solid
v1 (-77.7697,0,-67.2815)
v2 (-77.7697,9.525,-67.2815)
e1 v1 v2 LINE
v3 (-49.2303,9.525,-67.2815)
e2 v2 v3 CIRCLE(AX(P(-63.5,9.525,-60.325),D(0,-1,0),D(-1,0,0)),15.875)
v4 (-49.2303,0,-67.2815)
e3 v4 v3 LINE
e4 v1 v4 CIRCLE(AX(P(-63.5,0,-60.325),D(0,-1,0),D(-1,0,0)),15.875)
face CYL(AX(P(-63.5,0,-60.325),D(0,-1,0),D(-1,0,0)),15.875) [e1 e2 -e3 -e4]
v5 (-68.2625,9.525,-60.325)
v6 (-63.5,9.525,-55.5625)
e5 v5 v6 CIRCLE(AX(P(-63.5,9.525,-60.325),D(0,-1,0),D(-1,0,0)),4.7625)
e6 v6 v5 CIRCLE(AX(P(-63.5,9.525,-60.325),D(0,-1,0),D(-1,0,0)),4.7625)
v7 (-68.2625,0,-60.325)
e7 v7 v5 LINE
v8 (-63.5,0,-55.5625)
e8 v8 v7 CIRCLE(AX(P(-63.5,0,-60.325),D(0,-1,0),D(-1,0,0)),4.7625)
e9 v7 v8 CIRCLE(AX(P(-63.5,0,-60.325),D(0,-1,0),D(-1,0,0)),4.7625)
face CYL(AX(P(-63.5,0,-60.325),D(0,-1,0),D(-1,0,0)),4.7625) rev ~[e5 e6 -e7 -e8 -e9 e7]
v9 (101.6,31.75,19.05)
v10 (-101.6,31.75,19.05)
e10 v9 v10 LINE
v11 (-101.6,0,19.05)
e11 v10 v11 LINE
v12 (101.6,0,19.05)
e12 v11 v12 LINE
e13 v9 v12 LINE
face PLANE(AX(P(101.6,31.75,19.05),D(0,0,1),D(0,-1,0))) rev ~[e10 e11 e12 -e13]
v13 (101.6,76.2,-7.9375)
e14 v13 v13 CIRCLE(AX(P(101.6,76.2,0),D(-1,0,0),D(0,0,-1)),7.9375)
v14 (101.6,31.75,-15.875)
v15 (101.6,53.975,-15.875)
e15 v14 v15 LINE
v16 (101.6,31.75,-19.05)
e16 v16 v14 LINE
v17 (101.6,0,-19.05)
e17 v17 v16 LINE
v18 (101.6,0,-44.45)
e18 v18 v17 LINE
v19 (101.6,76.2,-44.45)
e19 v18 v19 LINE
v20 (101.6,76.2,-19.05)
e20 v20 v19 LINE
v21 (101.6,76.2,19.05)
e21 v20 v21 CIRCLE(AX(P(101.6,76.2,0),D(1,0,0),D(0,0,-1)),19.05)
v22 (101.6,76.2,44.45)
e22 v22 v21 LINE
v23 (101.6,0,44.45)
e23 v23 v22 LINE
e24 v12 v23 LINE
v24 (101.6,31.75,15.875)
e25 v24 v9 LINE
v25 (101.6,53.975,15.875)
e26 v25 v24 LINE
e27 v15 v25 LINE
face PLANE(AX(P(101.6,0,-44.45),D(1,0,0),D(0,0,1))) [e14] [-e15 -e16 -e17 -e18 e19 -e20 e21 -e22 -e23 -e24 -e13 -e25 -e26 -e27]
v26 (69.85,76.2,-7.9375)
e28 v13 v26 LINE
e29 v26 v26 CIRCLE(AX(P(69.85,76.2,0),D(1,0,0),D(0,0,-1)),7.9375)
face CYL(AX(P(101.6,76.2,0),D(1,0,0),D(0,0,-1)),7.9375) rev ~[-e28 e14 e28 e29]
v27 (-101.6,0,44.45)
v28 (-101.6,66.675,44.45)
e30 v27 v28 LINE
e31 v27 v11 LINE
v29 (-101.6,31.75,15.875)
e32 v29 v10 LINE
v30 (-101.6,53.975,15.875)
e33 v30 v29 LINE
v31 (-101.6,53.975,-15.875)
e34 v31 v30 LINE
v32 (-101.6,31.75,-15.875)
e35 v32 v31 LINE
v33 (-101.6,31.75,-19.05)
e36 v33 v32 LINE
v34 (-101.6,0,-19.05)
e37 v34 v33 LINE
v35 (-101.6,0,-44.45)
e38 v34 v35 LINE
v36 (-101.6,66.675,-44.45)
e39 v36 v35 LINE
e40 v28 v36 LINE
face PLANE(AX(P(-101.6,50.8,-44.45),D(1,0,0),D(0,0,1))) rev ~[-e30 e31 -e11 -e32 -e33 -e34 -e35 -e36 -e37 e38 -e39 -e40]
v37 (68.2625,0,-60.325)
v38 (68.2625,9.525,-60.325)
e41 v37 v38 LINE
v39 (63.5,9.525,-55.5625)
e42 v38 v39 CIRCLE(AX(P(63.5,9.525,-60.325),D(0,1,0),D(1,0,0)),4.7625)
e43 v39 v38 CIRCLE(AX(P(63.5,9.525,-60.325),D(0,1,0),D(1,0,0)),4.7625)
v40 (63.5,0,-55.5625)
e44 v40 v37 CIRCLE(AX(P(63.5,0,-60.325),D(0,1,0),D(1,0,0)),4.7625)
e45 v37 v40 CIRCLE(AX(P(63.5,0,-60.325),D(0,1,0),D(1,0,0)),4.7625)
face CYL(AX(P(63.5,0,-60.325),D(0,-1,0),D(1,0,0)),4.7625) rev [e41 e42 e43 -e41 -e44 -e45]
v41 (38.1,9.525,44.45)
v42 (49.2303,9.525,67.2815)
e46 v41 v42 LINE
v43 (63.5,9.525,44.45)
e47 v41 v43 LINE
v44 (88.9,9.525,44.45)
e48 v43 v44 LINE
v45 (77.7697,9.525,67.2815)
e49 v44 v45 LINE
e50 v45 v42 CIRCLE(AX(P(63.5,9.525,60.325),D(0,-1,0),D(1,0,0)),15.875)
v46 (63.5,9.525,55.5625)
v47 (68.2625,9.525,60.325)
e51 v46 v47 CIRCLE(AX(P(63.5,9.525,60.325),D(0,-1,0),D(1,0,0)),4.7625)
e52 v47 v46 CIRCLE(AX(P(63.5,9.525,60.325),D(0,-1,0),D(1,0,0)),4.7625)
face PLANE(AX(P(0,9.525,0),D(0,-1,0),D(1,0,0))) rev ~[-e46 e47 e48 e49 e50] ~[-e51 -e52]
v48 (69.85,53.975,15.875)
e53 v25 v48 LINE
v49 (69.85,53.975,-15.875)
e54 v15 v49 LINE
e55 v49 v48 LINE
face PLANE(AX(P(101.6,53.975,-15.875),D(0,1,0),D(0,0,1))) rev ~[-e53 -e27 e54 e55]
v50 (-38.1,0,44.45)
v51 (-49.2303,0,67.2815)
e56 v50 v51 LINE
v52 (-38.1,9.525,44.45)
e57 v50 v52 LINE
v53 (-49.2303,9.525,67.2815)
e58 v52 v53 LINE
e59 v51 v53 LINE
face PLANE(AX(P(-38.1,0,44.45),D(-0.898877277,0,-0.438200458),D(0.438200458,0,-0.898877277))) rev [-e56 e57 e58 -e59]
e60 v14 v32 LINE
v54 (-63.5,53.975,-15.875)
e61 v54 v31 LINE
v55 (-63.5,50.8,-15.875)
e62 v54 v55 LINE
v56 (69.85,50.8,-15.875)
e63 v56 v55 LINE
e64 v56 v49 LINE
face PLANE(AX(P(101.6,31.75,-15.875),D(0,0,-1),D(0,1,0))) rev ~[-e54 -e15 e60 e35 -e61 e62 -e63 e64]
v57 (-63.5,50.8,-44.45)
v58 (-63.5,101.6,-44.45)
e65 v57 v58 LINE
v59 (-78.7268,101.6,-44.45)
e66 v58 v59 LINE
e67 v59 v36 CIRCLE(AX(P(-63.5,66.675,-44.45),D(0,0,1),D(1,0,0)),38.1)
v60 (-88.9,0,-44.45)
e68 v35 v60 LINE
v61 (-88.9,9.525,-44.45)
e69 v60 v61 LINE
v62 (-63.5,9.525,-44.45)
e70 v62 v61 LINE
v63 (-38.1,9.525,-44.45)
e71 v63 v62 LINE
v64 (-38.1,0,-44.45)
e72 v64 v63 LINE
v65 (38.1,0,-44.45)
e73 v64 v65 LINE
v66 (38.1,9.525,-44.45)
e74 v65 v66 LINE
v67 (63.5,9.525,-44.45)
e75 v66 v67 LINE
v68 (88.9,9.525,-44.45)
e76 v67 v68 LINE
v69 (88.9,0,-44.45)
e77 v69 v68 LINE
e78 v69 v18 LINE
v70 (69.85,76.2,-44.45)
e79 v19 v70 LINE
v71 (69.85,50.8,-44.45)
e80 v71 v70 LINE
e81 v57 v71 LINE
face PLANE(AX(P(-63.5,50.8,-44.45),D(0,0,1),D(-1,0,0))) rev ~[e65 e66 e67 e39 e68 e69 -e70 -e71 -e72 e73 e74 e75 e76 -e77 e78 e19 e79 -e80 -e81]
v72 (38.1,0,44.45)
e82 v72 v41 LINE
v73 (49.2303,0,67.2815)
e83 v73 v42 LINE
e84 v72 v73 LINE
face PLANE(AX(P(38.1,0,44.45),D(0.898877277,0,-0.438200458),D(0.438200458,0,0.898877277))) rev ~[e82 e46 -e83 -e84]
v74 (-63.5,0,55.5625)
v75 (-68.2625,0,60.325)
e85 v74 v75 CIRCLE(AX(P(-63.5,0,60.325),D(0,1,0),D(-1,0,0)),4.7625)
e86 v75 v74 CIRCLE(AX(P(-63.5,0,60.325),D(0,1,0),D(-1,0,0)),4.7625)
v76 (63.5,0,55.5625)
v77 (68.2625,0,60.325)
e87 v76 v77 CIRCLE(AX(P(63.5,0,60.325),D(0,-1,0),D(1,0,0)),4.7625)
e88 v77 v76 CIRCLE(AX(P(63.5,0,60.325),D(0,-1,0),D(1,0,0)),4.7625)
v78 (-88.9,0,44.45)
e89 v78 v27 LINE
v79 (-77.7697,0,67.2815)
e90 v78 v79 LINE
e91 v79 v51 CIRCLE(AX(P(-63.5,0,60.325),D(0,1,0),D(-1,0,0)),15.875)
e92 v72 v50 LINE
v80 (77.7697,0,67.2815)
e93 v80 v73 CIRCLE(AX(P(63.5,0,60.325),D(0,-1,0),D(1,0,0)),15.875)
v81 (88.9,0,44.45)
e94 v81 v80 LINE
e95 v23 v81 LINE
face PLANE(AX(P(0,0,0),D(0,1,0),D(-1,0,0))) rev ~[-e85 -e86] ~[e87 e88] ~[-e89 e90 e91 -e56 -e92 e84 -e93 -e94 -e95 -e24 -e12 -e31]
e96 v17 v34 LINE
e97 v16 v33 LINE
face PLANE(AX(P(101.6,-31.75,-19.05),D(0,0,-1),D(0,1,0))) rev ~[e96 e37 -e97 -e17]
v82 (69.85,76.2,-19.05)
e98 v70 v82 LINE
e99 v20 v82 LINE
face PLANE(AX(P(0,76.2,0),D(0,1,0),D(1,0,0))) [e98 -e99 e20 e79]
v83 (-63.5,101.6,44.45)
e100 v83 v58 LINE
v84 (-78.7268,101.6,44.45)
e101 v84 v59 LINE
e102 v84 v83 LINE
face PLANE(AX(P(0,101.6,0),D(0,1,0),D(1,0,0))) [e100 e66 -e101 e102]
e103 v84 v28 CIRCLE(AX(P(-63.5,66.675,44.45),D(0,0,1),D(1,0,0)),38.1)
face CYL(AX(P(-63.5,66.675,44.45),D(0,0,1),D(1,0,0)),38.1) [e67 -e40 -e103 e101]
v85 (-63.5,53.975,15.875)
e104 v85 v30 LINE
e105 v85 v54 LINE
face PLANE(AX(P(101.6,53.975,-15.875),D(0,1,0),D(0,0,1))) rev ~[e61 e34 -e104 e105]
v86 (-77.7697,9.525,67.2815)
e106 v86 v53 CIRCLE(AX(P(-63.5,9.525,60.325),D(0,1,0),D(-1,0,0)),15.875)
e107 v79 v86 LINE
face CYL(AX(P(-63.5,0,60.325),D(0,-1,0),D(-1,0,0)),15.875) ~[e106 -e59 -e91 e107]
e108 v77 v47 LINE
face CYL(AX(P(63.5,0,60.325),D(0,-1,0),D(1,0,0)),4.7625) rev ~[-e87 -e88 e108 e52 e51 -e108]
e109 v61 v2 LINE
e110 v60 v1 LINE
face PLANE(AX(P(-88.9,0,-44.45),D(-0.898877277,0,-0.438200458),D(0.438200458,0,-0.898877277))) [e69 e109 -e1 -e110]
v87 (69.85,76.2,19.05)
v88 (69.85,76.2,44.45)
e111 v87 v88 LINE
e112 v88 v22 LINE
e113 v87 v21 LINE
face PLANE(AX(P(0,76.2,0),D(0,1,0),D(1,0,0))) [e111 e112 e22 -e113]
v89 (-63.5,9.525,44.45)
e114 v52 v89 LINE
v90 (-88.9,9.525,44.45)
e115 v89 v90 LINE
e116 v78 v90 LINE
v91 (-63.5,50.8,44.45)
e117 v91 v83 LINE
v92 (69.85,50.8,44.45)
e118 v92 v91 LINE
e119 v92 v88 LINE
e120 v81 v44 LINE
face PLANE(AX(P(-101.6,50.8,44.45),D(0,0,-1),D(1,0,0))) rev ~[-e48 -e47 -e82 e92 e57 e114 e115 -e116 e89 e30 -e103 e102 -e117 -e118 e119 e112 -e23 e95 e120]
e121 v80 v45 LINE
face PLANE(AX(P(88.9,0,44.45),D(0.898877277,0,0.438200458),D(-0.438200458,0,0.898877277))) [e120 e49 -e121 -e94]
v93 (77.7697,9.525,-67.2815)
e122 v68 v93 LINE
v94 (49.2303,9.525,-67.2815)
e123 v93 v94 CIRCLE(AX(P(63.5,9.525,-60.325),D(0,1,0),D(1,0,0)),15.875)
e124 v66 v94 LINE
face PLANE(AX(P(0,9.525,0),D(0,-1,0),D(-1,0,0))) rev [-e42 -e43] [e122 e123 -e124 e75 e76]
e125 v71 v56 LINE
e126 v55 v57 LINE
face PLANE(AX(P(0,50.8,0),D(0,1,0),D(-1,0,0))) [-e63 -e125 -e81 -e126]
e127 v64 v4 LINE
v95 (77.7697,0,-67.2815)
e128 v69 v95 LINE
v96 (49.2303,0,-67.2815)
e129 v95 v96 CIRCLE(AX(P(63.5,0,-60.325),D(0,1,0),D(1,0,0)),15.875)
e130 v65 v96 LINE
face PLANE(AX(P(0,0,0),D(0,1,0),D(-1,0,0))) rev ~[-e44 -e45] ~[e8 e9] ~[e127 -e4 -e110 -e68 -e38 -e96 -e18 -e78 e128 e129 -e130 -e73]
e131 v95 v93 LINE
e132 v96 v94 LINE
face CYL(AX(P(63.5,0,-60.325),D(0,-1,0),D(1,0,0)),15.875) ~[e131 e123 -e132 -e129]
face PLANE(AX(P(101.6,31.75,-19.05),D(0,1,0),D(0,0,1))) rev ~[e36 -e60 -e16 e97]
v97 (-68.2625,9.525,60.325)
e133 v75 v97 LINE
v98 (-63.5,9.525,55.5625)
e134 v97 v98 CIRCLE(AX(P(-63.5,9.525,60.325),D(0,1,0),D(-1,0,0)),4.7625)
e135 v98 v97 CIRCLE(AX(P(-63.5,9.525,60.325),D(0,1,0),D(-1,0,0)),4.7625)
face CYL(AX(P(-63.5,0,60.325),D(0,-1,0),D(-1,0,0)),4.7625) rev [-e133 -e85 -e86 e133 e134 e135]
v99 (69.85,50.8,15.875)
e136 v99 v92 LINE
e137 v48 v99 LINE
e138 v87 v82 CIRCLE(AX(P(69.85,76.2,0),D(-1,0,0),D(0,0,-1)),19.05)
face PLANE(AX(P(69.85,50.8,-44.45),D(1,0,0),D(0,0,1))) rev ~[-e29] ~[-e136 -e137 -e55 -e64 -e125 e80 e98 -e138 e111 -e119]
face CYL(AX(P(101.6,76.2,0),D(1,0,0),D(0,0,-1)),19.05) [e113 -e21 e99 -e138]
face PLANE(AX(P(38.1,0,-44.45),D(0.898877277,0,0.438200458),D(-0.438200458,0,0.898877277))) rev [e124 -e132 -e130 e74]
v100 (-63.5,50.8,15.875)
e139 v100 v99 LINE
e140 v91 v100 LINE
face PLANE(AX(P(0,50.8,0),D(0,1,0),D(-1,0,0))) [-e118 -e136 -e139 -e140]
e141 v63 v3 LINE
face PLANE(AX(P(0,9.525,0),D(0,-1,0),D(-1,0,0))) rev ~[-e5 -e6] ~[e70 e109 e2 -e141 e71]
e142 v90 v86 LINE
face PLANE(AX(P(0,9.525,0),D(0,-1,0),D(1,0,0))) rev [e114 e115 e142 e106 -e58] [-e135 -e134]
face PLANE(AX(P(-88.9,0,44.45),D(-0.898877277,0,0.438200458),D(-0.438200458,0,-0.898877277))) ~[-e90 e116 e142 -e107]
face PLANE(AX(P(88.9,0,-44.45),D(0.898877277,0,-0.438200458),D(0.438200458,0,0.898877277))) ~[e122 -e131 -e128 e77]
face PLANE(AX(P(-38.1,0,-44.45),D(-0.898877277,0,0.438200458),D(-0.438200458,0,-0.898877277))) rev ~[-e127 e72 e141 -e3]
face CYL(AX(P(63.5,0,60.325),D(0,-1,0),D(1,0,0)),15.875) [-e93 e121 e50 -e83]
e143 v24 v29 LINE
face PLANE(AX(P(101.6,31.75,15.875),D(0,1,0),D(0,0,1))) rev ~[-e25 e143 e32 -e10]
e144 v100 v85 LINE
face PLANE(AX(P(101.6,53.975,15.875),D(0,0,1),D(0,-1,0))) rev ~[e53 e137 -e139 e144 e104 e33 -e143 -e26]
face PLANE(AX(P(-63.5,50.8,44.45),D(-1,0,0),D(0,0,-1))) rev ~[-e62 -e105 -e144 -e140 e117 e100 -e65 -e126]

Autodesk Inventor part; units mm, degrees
ref_plane "YZ Plane" through (0, 0, 0) normal (1, 0, 0) x (0, 1, 0)
ref_plane "XZ Plane" through (0, 0, 0) normal (0, 1, 0) x (-1, 0, 0)
ref_plane "XY Plane" through (0, 0, 0) normal (0, 0, 1) x (1, 0, 0)
sketch "Boceto1" plane through (0, 0, 0) normal (0, 1, 0) x (-1, 0, 0)
  line L0 (-101.6, 44.45) -> (101.6, 44.45)
  line L1 (101.6, 44.45) -> (101.6, -44.45)
  line L2 (101.6, -44.45) -> (-101.6, -44.45)
  line L3 (-101.6, -44.45) -> (-101.6, 44.45)
  line L4 (-101.6, 44.45) -> (101.6, -44.45) construction
  line L5 (101.6, 44.45) -> (-101.6, -44.45) construction
  point P0 (0, 0)
  dimension "d0" = 88.9
  dimension "d1" = 203.2
extrude "Extrusión1" add sketch "Boceto1" along normal blind 50.8
sketch "Boceto2" plane through (0, 50.8, 0) normal (0, 1, 0) x (1, 0, 0)
  line L0 (101.6, 44.45) -> (-101.6, 44.45) projected
  line L1 (101.6, 44.45) -> (69.85, 44.45)
  line L2 (69.85, 44.45) -> (69.85, -44.45)
  line L3 (69.85, -44.45) -> (101.6, -44.45)
  line L4 (101.6, -44.45) -> (101.6, 44.45)
  point P0 (0, 0)
  dimension "d4" = 88.9
  dimension "d5" = 31.75
extrude "Extrusión2" add sketch "Boceto2" along normal blind 25.4
sketch "Boceto3" plane through (101.6, 0, 44.45) normal (1, 0, 0) x (0, 0, -1)
  line L0 (0, 0) -> (0, 76.2) projected
  line L1 (0, 76.2) -> (88.9, 76.2) projected
  line L2 (0, 76.2) -> (88.9, 76.2)
  circle A0 centre (44.45, 76.2) radius 19.05
  circle A1 centre (44.45, 76.2) radius 7.9375
  point P0 (44.45, 0)
  dimension "d8" = 38.1
  dimension "d9" = 15.875
extrude "Extrusión3" add sketch "Boceto3" against normal blind 31.75 contours A1 L1 A0 | L1 A0 A1
sketch "Boceto4" plane through (101.6, 0, 44.45) normal (1, 0, 0) x (0, 0, -1)
  line L0 (52.3875, 76.2) -> (36.5125, 76.2) projected
  circle A0 centre (44.45, 76.2) radius 7.9375
  point P0 (44.45, 0)
  dimension "d12" = 15.875
extrude "Extrusión4" cut sketch "Boceto4" against normal blind 31.75
sketch "Boceto5" plane through (0, 50.8, 0) normal (0, 1, 0) x (1, 0, 0)
  line L0 (-101.6, -44.45) -> (101.6, -44.45) projected
  line L1 (-101.6, -44.45) -> (-63.5, -44.45)
  line L2 (-63.5, -44.45) -> (-63.5, 44.45)
  line L3 (-63.5, 44.45) -> (-101.6, 44.45)
  line L4 (-101.6, 44.45) -> (-101.6, -44.45)
  point P0 (0, 0)
  dimension "d15" = 38.1
  dimension "d16" = 88.9
extrude "Extrusión5" add sketch "Boceto5" along normal blind 50.8
sketch "Boceto6" plane through (-101.6, 0, 44.45) normal (0, 0, 1) x (1, 0, 0)
  line L0 (0, 0) -> (0, 66.675)
  line L1 (0, 0) -> (0, 101.6) projected
  line L2 (38.1, 50.8) -> (38.1, 101.6) projected
  circle A0 centre (38.1, 66.675) radius 38.1
  line L3 (0, 66.675) -> (0, 101.6)
  line L4 (0, 101.6) -> (22.8732, 101.6)
  line L5 (0, 101.6) -> (38.1, 101.6) projected
  point P0 (101.6, 0)
  dimension "d20" = 76.2
  dimension "d19" = 66.675
extrude "Extrusión6" cut sketch "Boceto6" against normal blind 101.6 contours L1 L4 A0
sketch "Boceto7" plane through (101.6, 0, 44.45) normal (1, 0, 0) x (0, 0, -1)
  line L0 (25.4, -31.75) -> (63.5, -31.75)
  line L1 (63.5, -31.75) -> (63.5, 31.75)
  line L2 (63.5, 31.75) -> (25.4, 31.75)
  line L3 (25.4, 31.75) -> (25.4, -31.75)
  line L4 (25.4, -31.75) -> (63.5, 31.75) construction
  line L5 (63.5, -31.75) -> (25.4, 31.75) construction
  line L6 (60.325, 53.975) -> (28.575, 53.975)
  line L7 (28.575, 53.975) -> (28.575, 31.75)
  line L8 (60.325, 31.75) -> (60.325, 53.975)
  line L9 (44.45, 31.75) -> (60.325, 53.975) construction
  line L10 (44.45, 31.75) -> (28.575, 53.975) construction
  point P0 (44.45, 0)
  dimension "d23" = 63.5
  dimension "d24" = 38.1
  dimension "d25" = 31.75
  dimension "d26" = 22.225
  dimension "d27" = 22.225
  dimension "d28" = 90
  dimension "d29" = 90
extrude "Extrusión7" cut sketch "Boceto7" against normal blind 254
sketch "Boceto8" plane through (-101.6, 0, 44.45) normal (0, 0, 1) x (1, 0, 0)
  point P0 (101.6, 0)
sketch "Boceto9" plane through (0, 0, 0) normal (0, -1, 0) x (1, 0, 0)
  line L0 (-101.6, 44.45) -> (101.6, 44.45) projected
  line L1 (101.6, 44.45) -> (88.9, 44.45)
  line L2 (88.9, 44.45) -> (38.1, 44.45)
  line L3 (63.5, 44.45) -> (63.5, 60.325)
  circle A0 centre (63.5, 60.325) radius 4.7625
  circle A1 centre (63.5, 60.325) radius 15.875
  line L4 (38.1, 44.45) -> (49.2303, 67.2815)
  line L5 (88.9, 44.45) -> (77.7697, 67.2815)
  point P0 (0, 0)
  dimension "d32" = 12.7
  dimension "d33" = 50.8
  dimension "d34" = 15.875
  dimension "d35" = 9.525
  dimension "d36" = 31.75
extrude "Extrusión8" add sketch "Boceto9" against normal blind 9.525
mirror "Simetría1" about plane through (0, 0, 0) normal (1, 0, 0) of "Extrusión8"
mirror "Simetría2" about plane through (0, 0, 0) normal (0, 0, 1) of "Extrusión8", "Simetría1"
properties part number "Pieza5-Tarea1"
